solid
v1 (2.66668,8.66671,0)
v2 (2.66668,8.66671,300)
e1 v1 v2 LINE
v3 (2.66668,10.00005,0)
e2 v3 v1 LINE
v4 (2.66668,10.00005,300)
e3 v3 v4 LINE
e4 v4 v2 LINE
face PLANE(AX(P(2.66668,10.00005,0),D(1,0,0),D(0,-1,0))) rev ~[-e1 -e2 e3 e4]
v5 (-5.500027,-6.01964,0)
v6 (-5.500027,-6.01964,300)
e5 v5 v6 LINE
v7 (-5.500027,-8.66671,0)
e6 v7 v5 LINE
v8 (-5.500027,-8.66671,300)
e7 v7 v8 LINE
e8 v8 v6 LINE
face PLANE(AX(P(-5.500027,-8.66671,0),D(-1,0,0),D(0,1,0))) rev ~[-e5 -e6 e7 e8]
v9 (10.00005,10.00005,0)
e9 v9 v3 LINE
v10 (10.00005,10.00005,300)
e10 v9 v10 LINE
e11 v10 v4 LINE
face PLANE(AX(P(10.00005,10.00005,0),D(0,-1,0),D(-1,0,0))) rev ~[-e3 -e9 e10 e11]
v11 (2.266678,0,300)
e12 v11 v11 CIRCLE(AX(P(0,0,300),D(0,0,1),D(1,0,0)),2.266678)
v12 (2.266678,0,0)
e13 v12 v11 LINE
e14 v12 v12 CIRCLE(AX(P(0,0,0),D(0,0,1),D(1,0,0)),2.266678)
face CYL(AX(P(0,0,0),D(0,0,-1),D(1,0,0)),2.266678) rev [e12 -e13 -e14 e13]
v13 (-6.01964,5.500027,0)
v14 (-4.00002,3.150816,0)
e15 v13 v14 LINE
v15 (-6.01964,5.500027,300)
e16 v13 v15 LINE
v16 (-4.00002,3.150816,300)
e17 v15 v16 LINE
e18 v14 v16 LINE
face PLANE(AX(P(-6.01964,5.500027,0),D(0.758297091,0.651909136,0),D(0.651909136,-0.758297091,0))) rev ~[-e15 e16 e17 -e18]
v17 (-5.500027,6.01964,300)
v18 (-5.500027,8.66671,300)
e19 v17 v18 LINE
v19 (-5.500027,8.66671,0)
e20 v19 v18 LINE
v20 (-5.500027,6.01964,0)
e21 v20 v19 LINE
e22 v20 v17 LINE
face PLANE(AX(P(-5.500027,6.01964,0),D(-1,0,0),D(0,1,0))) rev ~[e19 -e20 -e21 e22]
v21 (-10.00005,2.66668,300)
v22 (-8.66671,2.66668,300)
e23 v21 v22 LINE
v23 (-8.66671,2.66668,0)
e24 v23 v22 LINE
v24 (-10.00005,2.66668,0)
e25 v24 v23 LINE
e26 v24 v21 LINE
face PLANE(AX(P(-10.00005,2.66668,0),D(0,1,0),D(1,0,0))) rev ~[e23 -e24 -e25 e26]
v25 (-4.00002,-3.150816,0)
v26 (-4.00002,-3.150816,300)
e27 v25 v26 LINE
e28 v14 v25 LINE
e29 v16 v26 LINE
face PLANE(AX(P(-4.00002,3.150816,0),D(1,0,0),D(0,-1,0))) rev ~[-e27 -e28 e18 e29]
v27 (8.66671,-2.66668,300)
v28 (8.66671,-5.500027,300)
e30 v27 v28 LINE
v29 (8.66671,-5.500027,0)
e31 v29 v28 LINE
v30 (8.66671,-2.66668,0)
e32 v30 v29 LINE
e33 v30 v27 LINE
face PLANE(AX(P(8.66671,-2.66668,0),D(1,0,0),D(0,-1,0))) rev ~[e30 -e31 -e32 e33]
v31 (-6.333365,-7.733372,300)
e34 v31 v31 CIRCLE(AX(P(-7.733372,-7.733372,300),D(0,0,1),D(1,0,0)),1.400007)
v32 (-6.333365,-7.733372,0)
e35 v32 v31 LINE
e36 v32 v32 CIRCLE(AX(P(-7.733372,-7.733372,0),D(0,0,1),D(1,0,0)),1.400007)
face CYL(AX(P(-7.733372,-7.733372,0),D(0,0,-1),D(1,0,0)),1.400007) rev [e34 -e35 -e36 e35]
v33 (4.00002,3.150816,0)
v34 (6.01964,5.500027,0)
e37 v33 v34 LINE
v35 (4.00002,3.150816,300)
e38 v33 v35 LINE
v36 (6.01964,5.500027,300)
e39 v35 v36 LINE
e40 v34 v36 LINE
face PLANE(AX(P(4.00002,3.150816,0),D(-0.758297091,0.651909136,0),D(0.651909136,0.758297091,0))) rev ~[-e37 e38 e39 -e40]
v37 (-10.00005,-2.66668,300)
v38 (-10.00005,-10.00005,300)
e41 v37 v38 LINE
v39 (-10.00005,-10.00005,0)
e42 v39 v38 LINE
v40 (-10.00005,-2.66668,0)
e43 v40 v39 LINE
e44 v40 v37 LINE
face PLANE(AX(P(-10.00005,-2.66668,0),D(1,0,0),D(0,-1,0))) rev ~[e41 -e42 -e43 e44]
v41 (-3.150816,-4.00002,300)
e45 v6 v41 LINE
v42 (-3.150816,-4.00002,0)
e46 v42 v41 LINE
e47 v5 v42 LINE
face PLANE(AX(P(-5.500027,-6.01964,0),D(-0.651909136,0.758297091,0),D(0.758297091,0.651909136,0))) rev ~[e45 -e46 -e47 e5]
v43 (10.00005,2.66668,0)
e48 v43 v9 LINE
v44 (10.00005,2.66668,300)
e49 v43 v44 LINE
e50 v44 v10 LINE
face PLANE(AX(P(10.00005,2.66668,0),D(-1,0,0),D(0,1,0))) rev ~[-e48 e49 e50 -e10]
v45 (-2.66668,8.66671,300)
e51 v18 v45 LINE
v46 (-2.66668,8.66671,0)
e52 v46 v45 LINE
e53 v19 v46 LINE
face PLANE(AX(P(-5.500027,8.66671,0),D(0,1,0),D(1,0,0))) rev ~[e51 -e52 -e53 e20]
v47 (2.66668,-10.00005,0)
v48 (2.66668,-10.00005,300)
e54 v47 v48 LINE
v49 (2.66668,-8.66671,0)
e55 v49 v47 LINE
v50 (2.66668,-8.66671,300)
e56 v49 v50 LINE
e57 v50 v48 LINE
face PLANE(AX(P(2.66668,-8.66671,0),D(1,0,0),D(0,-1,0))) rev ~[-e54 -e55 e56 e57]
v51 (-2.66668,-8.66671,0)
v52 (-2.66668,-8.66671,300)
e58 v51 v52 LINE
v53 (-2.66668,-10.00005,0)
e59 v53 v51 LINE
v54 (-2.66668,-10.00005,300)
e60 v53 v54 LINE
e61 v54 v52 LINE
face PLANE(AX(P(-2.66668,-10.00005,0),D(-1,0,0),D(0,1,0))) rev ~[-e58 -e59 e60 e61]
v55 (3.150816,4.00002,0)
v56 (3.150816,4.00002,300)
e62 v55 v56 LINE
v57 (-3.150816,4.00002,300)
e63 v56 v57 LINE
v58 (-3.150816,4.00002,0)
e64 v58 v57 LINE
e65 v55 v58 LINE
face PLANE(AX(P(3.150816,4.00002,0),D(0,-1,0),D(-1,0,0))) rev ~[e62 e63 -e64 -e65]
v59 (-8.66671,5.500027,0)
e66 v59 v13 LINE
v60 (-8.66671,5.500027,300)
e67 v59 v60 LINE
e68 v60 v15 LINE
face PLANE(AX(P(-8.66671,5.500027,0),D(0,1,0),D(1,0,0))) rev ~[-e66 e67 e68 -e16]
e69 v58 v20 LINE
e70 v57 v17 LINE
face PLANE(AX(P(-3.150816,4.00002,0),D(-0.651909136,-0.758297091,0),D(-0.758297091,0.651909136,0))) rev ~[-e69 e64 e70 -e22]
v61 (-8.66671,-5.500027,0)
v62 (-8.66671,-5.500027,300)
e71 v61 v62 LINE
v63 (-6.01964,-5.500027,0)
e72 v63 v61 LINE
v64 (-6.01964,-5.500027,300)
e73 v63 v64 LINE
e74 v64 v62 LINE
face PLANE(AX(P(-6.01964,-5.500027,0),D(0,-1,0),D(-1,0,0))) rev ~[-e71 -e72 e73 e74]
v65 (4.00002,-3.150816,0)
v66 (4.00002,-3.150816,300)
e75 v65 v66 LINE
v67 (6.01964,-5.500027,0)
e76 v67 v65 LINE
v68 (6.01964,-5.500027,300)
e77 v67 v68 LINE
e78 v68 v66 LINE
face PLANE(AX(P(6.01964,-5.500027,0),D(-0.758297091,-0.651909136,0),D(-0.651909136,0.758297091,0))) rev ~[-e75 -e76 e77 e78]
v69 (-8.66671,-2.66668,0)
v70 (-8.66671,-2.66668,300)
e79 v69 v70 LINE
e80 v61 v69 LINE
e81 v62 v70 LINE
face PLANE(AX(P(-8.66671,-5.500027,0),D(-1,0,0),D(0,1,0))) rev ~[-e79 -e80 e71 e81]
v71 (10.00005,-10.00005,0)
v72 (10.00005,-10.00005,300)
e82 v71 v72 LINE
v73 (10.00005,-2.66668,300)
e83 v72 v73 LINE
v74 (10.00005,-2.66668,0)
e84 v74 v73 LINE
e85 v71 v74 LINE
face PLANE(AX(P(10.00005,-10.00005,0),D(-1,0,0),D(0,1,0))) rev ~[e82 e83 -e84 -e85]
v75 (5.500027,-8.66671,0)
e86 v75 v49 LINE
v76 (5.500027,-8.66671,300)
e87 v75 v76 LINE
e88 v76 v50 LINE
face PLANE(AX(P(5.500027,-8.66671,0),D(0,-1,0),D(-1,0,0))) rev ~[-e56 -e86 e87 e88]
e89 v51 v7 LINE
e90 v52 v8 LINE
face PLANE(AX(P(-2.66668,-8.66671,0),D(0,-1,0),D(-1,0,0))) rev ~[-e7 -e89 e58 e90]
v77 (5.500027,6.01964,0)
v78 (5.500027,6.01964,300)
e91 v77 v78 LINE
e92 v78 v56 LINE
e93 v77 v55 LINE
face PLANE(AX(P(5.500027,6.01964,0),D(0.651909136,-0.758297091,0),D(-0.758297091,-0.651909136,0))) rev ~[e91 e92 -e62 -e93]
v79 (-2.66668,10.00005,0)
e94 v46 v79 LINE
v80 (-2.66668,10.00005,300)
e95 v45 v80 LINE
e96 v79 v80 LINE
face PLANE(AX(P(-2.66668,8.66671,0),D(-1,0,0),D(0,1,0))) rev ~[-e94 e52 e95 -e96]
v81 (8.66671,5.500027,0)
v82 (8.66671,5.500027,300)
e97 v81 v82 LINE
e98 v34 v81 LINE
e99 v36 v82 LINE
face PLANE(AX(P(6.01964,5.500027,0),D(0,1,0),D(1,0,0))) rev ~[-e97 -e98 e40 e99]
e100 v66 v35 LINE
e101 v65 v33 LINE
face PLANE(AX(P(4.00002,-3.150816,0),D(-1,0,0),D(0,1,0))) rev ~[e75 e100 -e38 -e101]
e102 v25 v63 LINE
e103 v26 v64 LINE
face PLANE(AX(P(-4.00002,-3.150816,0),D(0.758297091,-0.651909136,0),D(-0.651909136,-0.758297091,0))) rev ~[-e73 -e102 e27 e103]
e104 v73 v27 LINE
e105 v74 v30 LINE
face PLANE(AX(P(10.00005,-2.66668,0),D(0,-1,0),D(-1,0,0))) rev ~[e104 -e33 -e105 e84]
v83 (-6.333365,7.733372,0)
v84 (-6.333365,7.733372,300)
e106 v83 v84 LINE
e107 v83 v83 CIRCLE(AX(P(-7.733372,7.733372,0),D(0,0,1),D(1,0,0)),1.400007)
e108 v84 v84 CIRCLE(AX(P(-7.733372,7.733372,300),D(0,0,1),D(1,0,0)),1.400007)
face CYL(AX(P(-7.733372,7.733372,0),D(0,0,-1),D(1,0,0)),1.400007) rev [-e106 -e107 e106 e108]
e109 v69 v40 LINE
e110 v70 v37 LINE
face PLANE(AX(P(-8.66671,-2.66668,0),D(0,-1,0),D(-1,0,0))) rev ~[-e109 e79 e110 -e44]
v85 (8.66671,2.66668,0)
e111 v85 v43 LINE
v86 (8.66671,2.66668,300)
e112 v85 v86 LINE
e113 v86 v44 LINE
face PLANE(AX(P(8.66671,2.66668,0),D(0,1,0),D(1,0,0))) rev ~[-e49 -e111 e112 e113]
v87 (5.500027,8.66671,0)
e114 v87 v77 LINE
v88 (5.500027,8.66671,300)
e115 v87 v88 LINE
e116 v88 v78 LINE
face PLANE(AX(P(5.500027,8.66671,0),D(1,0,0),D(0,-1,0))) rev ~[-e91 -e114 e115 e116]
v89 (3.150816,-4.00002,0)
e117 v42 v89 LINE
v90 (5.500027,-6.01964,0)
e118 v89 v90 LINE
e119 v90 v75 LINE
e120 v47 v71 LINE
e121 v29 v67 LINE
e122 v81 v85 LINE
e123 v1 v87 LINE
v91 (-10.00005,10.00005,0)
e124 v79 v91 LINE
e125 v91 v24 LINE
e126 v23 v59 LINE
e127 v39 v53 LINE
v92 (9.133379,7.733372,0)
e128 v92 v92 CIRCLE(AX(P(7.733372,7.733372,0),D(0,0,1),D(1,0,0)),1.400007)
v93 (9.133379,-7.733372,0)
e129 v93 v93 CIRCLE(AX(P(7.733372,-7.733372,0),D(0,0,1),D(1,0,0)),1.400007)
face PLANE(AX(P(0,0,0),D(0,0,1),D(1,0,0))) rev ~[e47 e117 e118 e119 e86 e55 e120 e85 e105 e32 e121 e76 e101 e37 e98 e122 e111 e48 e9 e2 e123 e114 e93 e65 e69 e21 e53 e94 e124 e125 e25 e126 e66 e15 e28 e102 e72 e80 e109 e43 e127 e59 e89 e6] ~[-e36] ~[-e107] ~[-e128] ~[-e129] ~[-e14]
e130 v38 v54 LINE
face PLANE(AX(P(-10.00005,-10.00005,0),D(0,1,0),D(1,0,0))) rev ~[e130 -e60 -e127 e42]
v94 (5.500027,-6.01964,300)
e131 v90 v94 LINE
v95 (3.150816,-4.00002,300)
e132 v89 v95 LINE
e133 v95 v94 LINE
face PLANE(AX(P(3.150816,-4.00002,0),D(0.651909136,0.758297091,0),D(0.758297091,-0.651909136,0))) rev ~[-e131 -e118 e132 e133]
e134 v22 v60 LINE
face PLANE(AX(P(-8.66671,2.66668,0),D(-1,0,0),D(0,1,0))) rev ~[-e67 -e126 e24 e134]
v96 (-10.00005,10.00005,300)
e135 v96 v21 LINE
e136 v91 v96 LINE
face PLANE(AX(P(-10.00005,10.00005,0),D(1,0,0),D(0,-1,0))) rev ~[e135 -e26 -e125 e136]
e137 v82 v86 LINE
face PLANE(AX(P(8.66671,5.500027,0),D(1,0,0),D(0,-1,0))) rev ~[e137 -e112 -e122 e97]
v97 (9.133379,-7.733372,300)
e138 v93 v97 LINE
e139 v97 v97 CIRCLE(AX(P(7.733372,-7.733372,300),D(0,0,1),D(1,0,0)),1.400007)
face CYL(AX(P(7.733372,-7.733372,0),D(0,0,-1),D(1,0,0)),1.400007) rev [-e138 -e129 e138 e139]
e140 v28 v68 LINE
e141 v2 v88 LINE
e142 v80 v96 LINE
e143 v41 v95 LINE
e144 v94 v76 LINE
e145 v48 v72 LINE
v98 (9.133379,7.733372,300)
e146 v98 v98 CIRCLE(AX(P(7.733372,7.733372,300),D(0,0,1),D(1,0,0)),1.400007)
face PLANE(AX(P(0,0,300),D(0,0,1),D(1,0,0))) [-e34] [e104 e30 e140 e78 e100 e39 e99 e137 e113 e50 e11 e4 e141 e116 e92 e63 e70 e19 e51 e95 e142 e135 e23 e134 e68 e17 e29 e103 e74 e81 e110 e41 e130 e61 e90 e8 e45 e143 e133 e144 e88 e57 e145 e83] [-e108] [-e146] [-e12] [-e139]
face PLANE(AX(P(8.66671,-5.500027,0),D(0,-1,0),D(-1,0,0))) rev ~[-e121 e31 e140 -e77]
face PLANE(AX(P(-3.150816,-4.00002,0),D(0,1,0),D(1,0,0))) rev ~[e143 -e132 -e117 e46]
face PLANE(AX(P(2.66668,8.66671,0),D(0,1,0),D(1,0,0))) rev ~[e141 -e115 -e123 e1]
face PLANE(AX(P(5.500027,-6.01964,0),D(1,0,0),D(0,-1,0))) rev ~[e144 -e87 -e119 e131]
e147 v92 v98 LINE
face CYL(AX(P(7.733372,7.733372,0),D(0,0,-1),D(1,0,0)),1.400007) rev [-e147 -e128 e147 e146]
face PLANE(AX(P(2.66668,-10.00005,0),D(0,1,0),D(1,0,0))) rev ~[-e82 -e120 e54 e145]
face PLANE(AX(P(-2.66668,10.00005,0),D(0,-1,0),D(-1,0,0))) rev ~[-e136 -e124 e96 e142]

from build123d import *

# Parameters (mm, degrees)
SKETCH3_R           = 1.400007
SKETCH3_R_2         = 2.266678
BOSS_EXTRUDE1_DEPTH = 300


with BuildPart() as part:
    # Sketch3 → Boss-Extrude1 (new body)
    with BuildSketch(Plane.XY):
        Polygon((8.66671, -5.5000275), (6.019640257, -5.5000275), (4.00002, -3.150816419), (4.00002, 0), (4.00002, 3.150816419), (6.019640257, 5.5000275), (8.66671, 5.5000275), (8.66671, 2.66668), (10.00005, 2.66668), (10.00005, 10.00005), (2.66668, 10.00005), (2.66668, 8.66671), (5.5000275, 8.66671), (5.5000275, 6.019640257), (3.150816419, 4.00002), (0, 4.00002), (-3.150816419, 4.00002), (-5.5000275, 6.019640257), (-5.5000275, 8.66671), (-2.66668, 8.66671), (-2.66668, 10.00005), (-10.00005, 10.00005), (-10.00005, 2.66668), (-8.66671, 2.66668), (-8.66671, 5.5000275), (-6.019640257, 5.5000275), (-4.00002, 3.150816419), (-4.00002, 0), (-4.00002, -3.150816419), (-6.019640257, -5.5000275), (-8.66671, -5.5000275), (-8.66671, -2.66668), (-10.00005, -2.66668), (-10.00005, -10.00005), (-2.66668, -10.00005), (-2.66668, -8.66671), (-5.5000275, -8.66671), (-5.5000275, -6.019640257), (-3.150816419, -4.00002), (0, -4.00002), (3.150816419, -4.00002), (5.5000275, -6.019640257), (5.5000275, -8.66671), (2.66668, -8.66671), (2.66668, -10.00005), (10.00005, -10.00005), (10.00005, -2.66668), (8.66671, -2.66668), align=None)
        with Locations((7.733372, -7.733372)):
            Circle(SKETCH3_R, mode=Mode.SUBTRACT)
        with Locations((7.733372, 7.733372)):
            Circle(SKETCH3_R, mode=Mode.SUBTRACT)
        with Locations((-7.733372, 7.733372)):
            Circle(SKETCH3_R, mode=Mode.SUBTRACT)
        Circle(SKETCH3_R_2, mode=Mode.SUBTRACT)
        with Locations((-7.733372, -7.733372)):
            Circle(SKETCH3_R, mode=Mode.SUBTRACT)
    extrude(amount=BOSS_EXTRUDE1_DEPTH)


solid = part.part
